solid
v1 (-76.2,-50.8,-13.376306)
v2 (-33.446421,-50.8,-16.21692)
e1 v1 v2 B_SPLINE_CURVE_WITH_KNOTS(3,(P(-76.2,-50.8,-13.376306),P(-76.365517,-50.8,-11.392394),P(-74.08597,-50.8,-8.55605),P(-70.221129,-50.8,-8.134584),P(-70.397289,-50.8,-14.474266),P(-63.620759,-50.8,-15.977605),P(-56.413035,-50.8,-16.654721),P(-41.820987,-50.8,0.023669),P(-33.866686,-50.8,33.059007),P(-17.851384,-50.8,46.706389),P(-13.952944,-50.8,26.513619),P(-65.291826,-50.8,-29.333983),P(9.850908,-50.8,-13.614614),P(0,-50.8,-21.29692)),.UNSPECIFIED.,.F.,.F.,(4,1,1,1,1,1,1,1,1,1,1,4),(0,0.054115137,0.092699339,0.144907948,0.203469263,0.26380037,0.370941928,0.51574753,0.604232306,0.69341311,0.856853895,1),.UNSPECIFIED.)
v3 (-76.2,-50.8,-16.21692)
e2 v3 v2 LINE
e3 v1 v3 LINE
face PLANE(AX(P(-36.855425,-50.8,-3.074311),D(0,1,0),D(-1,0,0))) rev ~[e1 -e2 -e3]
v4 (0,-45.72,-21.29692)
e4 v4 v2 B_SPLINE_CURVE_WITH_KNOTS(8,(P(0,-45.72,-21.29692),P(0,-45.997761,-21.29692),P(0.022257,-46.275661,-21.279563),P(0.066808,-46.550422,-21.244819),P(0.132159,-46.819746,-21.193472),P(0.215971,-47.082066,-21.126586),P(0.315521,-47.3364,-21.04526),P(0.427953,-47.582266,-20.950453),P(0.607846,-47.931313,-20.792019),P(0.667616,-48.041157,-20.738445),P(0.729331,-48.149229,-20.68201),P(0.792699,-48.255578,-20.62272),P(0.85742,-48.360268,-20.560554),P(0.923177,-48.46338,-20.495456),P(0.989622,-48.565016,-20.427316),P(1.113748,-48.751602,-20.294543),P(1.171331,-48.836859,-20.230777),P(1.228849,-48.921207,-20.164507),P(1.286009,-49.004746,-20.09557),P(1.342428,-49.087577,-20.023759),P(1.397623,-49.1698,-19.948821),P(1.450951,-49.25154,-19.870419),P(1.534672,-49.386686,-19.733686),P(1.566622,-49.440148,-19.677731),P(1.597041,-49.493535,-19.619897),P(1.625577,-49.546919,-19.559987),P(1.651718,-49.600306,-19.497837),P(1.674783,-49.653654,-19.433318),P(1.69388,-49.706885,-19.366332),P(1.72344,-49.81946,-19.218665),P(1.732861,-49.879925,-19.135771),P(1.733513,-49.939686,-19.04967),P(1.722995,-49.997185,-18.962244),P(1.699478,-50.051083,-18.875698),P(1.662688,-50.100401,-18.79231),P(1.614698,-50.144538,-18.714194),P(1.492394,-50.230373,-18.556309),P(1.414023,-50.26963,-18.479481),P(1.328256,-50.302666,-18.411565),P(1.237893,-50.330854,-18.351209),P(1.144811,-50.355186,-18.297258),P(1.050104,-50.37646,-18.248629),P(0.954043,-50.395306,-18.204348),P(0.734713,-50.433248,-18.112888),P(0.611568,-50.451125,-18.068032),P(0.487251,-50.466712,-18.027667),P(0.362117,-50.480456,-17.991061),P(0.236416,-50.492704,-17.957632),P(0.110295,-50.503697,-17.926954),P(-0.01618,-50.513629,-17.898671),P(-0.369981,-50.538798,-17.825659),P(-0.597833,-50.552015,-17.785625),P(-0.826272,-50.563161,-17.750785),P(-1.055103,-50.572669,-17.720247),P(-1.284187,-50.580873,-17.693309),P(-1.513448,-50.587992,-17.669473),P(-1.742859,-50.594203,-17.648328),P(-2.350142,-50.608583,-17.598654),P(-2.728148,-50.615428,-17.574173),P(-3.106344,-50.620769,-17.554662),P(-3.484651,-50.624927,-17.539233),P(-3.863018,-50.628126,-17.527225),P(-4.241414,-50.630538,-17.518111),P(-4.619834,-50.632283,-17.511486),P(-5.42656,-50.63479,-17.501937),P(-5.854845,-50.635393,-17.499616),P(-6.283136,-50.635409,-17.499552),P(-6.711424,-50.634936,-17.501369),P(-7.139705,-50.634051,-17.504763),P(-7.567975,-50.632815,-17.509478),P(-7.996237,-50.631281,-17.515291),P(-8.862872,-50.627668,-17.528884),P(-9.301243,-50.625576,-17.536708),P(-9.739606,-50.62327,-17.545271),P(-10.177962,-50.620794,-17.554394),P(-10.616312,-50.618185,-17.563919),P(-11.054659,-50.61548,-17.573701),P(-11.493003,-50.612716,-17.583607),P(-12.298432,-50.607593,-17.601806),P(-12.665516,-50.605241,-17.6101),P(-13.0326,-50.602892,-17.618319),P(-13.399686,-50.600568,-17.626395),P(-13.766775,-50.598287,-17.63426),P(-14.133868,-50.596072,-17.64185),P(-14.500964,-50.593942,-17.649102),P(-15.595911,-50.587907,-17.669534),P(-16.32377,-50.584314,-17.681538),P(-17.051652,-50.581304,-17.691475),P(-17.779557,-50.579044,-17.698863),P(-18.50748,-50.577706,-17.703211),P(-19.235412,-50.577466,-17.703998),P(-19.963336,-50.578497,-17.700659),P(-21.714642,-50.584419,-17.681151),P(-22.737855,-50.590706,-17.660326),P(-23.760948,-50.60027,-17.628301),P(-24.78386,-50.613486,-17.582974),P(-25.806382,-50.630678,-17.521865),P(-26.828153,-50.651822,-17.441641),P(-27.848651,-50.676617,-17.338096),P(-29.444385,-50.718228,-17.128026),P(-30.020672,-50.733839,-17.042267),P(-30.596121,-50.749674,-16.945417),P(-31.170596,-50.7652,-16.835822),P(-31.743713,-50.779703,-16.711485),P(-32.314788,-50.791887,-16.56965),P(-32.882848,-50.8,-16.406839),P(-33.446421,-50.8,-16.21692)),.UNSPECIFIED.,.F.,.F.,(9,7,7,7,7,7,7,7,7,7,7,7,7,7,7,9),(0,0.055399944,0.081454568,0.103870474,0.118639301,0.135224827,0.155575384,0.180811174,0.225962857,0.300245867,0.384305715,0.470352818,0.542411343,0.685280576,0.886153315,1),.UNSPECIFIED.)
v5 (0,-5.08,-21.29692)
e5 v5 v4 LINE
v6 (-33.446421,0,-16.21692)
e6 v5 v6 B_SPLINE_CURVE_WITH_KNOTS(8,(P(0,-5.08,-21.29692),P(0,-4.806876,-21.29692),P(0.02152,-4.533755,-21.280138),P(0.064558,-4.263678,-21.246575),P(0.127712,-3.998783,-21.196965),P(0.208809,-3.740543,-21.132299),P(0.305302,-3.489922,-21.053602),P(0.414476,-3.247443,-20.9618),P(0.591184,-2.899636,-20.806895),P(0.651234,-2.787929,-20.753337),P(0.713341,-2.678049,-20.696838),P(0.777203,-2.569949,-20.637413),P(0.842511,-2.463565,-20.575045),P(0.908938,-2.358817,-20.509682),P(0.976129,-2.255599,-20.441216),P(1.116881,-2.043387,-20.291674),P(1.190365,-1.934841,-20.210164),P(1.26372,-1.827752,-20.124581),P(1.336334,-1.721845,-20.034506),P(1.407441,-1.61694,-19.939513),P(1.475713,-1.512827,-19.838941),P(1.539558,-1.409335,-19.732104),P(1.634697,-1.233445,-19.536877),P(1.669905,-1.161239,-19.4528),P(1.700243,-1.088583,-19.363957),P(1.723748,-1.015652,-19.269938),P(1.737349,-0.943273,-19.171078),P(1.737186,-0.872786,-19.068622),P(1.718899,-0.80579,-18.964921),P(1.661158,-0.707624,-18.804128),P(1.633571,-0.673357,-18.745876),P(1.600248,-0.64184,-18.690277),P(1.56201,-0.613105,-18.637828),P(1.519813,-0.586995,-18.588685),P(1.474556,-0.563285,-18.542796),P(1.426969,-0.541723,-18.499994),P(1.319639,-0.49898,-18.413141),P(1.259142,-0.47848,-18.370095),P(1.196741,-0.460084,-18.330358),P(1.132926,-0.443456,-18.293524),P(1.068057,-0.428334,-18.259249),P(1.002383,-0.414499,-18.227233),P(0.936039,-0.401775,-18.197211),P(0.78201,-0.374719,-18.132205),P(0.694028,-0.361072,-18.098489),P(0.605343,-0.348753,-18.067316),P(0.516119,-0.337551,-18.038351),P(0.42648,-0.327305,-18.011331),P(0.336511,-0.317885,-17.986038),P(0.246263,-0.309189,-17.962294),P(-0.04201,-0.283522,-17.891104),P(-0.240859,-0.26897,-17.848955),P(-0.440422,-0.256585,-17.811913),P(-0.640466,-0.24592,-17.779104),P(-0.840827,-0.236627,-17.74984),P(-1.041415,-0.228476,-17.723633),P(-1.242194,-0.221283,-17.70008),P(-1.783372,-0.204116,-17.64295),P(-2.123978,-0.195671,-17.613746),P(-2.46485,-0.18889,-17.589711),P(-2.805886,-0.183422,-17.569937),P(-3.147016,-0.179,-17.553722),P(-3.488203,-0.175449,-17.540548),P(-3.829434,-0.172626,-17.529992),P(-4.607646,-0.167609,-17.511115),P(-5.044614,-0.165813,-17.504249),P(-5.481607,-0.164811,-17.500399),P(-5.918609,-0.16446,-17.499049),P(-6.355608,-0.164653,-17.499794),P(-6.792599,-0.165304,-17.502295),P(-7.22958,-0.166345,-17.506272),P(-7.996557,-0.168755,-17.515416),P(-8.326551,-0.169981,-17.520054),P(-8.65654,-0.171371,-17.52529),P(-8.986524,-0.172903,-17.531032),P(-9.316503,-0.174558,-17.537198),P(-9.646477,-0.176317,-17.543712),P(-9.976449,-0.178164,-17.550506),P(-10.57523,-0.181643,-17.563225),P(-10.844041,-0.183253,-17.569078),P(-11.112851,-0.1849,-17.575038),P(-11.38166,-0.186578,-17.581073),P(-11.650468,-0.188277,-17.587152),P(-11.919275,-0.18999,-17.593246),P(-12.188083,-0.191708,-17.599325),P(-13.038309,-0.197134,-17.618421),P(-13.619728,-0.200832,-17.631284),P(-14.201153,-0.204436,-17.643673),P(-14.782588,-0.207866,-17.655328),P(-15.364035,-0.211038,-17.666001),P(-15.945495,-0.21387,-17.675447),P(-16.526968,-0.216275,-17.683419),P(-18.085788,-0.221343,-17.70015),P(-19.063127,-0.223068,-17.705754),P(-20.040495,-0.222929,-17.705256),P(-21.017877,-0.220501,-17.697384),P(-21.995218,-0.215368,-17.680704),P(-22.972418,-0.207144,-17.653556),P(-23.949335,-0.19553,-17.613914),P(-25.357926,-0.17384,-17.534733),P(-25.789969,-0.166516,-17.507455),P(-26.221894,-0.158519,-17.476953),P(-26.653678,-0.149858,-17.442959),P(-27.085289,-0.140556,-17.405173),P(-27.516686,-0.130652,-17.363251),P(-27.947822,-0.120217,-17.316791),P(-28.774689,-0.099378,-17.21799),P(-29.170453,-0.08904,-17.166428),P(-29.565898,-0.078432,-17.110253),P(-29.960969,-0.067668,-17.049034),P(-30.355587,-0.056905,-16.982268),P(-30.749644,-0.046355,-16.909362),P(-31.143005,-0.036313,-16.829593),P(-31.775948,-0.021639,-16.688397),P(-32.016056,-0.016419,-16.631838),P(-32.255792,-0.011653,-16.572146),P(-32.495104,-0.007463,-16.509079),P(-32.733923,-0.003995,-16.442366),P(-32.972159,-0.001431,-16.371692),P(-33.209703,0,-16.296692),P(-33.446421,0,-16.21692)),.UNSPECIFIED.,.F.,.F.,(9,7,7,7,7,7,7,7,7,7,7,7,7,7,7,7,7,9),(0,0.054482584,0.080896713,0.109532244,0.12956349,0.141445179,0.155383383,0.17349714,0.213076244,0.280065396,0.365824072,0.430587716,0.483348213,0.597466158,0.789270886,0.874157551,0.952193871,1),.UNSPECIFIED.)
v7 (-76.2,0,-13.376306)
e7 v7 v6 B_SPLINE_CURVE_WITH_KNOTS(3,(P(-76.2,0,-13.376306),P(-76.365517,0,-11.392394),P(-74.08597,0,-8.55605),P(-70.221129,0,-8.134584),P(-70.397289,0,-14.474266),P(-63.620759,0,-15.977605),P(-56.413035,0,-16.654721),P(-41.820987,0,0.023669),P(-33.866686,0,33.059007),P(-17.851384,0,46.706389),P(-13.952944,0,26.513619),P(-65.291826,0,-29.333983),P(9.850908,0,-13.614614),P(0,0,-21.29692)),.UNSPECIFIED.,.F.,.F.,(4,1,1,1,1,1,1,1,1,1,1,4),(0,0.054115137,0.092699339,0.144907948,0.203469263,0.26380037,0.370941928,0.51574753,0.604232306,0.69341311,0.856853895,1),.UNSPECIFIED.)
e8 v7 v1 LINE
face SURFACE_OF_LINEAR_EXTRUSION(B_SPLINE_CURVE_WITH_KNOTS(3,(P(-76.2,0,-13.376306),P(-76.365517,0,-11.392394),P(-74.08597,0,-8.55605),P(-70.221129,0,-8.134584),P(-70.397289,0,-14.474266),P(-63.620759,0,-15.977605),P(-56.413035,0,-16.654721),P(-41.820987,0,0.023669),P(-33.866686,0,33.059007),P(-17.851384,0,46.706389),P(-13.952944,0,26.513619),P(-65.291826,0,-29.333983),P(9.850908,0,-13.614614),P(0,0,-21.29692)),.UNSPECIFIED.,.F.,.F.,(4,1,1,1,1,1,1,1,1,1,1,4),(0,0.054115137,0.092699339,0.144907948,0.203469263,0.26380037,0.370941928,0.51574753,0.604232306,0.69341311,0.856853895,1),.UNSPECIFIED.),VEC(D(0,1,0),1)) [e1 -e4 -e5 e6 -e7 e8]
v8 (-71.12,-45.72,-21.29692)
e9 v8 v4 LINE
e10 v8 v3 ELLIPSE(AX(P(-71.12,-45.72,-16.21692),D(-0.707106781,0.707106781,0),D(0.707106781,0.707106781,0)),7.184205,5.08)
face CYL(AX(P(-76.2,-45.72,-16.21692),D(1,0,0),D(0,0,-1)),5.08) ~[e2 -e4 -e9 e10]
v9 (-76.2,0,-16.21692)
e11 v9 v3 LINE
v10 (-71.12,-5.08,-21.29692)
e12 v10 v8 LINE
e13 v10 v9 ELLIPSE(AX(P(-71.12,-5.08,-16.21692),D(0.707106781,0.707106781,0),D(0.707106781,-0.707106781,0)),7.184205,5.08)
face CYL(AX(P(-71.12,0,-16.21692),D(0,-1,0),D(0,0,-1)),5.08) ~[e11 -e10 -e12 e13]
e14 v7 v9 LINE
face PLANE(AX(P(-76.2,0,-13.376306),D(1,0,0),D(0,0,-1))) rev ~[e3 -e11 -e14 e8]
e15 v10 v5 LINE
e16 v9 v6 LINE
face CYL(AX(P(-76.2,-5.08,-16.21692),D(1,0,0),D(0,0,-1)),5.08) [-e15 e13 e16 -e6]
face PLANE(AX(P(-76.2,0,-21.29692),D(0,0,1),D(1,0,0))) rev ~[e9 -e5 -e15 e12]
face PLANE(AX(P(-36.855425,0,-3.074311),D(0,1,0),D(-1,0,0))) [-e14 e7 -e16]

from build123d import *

# Parameters (mm, degrees)
F1_DEPTH = 50.8
F2_R     = 5.08


with BuildPart() as f1:
    # F0 (on Front) → F1 (new body)
    with BuildSketch(Plane.XZ):
        with BuildLine():
            add(Edge.make_bspline(
                [(-76.2, -13.3763061718), (-76.3655174617, -11.3923943896), (-74.0859697265, -8.5560500216), (-70.2211294278, -8.1345843938), (-70.3972893599, -14.4742661724), (-63.6207593052, -15.9776045667), (-56.4130351739, -16.6547211686), (-41.820986987, 0.0236689312), (-33.8666857583, 33.0590070786), (-17.8513838169, 46.7063888169), (-13.9529439252, 26.5136192422), (-65.2918263451, -29.3339826002), (9.8509075522, -13.6146143991), (0, -21.2969200909)],
                knots=[0, 0, 0, 0, 0.0541151372, 0.0926993392, 0.1449079476, 0.2034692628, 0.2638003699, 0.3709419277, 0.5157475296, 0.604232306, 0.6934131095, 0.8568538951, 1, 1, 1, 1], degree=3))
            Line((-76.2, -13.3763061718), (-76.2, -21.2969200909))
            Line((-76.2, -21.2969200909), (-58.8404767847, -21.2969200909))
            Line((-58.8404767847, -21.2969200909), (0, -21.2969200909))
        make_face()
    extrude(amount=F1_DEPTH)

    # F2
    f2_edges = [f1.edges().sort_by_distance(p)[0] for p in [
        (-38.1, -50.8, -21.29692),
        (-38.1, 0, -21.29692),
        (-76.2, -25.4, -21.29692),
    ]]
    fillet(f2_edges, radius=F2_R)


solid = f1.part
